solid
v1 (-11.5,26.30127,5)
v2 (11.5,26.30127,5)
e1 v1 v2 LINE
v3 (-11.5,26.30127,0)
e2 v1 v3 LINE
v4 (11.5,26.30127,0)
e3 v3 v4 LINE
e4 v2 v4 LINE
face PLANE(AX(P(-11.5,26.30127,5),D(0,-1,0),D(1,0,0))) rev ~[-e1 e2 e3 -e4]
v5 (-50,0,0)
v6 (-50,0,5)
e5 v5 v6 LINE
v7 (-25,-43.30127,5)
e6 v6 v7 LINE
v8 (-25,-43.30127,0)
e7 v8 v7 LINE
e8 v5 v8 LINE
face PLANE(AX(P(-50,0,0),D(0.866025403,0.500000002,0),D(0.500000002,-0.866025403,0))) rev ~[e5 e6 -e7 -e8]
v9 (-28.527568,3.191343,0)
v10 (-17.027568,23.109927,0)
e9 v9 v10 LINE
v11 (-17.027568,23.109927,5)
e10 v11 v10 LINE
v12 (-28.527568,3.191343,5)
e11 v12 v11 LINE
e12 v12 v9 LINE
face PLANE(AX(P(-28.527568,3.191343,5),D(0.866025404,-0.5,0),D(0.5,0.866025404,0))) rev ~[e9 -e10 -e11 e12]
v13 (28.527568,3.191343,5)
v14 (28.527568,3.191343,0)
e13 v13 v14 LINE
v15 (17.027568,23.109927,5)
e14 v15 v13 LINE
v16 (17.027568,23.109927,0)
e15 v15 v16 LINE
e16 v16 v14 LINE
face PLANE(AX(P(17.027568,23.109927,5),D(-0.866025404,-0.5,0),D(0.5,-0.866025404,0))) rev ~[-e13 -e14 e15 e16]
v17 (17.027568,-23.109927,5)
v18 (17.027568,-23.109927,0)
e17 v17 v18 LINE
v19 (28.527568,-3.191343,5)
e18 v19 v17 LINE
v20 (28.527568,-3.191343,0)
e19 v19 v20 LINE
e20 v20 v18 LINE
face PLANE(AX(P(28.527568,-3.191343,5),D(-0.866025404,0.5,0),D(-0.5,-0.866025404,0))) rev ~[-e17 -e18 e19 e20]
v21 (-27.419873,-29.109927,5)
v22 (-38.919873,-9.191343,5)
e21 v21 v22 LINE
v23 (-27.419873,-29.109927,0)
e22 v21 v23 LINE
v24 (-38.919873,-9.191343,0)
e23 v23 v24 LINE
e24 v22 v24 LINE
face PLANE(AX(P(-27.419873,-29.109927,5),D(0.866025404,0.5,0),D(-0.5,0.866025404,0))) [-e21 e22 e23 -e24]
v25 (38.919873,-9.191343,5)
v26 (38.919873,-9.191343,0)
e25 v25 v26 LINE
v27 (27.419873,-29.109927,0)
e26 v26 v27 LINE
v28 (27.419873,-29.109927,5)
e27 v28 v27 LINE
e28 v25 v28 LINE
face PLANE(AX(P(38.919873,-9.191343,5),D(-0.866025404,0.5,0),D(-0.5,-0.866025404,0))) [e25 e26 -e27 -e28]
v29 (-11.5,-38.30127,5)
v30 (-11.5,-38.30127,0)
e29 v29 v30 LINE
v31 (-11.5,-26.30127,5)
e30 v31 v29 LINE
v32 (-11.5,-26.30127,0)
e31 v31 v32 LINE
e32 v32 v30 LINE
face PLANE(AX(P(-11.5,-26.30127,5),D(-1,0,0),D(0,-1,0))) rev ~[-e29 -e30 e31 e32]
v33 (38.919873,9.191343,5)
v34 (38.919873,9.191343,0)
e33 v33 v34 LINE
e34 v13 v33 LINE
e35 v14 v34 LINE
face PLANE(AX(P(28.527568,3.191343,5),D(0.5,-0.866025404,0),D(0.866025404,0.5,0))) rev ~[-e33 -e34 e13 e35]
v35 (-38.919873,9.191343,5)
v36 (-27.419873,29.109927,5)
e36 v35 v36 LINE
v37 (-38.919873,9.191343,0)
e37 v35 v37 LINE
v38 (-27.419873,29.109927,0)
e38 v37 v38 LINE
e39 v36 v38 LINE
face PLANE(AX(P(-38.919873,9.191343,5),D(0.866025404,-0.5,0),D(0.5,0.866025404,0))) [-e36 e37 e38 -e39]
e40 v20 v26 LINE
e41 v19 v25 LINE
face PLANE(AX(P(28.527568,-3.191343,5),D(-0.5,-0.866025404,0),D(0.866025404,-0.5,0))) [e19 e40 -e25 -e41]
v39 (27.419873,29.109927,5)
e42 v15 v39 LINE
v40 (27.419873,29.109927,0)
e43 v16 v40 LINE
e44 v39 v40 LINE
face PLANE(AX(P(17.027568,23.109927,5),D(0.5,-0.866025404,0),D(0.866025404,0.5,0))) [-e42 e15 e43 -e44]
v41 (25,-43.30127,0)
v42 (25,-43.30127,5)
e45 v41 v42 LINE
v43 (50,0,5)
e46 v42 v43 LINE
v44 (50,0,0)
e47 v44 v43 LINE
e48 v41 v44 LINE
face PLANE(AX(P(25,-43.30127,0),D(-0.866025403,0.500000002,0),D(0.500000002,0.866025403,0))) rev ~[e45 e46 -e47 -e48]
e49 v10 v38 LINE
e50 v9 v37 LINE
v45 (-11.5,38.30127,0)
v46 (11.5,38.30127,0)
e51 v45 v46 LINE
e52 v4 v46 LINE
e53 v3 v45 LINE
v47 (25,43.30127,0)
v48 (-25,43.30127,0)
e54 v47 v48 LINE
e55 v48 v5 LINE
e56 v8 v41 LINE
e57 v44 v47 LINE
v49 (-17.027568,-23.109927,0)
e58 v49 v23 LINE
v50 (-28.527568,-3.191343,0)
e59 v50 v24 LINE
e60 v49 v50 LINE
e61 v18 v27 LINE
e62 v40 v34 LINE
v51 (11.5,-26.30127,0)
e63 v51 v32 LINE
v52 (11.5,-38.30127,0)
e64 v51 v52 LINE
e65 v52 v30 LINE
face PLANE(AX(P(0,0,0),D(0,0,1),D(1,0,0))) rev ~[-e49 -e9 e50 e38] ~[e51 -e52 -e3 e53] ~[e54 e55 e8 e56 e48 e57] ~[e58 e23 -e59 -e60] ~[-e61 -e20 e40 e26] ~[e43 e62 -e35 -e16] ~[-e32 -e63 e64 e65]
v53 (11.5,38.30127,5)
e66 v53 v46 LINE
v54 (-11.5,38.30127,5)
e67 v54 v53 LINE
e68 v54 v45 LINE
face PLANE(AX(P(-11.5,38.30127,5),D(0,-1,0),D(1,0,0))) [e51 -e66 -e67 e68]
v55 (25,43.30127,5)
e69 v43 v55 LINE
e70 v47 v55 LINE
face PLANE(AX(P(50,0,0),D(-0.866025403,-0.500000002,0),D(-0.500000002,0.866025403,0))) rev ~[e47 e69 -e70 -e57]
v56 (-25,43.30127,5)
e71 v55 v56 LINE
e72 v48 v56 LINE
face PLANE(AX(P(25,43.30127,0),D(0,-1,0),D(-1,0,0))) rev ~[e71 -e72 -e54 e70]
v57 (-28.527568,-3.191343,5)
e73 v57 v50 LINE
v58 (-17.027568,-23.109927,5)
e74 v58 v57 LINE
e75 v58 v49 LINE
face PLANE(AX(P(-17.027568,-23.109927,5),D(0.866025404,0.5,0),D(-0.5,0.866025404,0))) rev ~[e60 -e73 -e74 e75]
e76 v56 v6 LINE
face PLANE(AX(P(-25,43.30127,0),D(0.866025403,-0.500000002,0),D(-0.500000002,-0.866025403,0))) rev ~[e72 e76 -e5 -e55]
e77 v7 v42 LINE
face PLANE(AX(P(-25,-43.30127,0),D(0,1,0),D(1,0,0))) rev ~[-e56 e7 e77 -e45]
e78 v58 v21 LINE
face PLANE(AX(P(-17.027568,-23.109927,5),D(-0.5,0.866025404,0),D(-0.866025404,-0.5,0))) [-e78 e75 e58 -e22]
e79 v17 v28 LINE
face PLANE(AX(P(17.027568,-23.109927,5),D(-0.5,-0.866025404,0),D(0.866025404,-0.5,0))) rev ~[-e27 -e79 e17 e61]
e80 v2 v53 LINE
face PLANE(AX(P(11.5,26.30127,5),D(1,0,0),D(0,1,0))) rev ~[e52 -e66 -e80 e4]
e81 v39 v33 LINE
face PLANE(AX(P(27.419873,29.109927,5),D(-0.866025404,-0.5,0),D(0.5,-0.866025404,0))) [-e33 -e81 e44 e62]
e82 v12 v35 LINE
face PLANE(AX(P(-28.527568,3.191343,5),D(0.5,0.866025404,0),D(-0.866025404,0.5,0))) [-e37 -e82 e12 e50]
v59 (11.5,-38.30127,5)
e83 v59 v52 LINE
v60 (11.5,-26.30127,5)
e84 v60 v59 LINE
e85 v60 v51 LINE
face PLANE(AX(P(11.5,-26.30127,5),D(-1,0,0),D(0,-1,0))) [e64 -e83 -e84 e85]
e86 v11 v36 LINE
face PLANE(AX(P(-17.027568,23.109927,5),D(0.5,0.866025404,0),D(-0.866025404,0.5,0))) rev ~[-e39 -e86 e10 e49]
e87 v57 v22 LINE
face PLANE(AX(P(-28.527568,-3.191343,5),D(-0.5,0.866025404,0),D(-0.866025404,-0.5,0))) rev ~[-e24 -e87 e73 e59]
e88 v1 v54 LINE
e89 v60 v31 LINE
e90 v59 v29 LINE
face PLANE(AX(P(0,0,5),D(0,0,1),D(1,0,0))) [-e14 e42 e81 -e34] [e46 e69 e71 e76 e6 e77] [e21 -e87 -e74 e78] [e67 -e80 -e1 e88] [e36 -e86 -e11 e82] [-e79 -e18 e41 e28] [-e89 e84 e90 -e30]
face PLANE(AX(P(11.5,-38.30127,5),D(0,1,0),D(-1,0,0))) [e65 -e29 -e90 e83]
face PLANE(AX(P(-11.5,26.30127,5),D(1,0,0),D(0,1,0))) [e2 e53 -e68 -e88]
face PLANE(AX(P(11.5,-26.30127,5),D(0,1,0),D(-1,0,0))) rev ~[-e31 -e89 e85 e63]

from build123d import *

# Parameters (mm, degrees)
PAD_DEPTH             = 5
SKETCH001_W           = 23
SKETCH001_H           = 12
POCKET_DEPTH          = 5
POLARPATTERN_COUNT    = 2
POLARPATTERN001_COUNT = 6


with BuildPart() as part:
    # Sketch → Pad (new body)
    with BuildSketch(Plane.XY):
        Polygon((-25, -43.30127), (25, -43.30127), (50, 0), (25, 43.30127), (-25, 43.30127), (-50, 0), align=None)
    extrude(amount=PAD_DEPTH)

    # Sketch001 (on Face8 of Pad) → Pocket (cut)
    with BuildSketch(Plane.XY.offset(5)):
        with Locations((0, 32.30127)):
            Rectangle(SKETCH001_W, SKETCH001_H)
    pocket = extrude(amount=-POCKET_DEPTH, mode=Mode.SUBTRACT)

    # PolarPattern: Pocket ×2 about axis
    polarpattern_axis = Axis((0, 0, 5), (0, 0, 1))
    for i in range(1, POLARPATTERN_COUNT):
        add(pocket.rotate(polarpattern_axis, i * 360 / POLARPATTERN_COUNT), mode=Mode.SUBTRACT)

    # PolarPattern001: Pocket ×6 about axis
    polarpattern001_axis = Axis((0, 0, 0), (0, 0, 1))
    for i in range(1, POLARPATTERN001_COUNT):
        add(pocket.rotate(polarpattern001_axis, i * 360 / POLARPATTERN001_COUNT), mode=Mode.SUBTRACT)


solid = part.part
